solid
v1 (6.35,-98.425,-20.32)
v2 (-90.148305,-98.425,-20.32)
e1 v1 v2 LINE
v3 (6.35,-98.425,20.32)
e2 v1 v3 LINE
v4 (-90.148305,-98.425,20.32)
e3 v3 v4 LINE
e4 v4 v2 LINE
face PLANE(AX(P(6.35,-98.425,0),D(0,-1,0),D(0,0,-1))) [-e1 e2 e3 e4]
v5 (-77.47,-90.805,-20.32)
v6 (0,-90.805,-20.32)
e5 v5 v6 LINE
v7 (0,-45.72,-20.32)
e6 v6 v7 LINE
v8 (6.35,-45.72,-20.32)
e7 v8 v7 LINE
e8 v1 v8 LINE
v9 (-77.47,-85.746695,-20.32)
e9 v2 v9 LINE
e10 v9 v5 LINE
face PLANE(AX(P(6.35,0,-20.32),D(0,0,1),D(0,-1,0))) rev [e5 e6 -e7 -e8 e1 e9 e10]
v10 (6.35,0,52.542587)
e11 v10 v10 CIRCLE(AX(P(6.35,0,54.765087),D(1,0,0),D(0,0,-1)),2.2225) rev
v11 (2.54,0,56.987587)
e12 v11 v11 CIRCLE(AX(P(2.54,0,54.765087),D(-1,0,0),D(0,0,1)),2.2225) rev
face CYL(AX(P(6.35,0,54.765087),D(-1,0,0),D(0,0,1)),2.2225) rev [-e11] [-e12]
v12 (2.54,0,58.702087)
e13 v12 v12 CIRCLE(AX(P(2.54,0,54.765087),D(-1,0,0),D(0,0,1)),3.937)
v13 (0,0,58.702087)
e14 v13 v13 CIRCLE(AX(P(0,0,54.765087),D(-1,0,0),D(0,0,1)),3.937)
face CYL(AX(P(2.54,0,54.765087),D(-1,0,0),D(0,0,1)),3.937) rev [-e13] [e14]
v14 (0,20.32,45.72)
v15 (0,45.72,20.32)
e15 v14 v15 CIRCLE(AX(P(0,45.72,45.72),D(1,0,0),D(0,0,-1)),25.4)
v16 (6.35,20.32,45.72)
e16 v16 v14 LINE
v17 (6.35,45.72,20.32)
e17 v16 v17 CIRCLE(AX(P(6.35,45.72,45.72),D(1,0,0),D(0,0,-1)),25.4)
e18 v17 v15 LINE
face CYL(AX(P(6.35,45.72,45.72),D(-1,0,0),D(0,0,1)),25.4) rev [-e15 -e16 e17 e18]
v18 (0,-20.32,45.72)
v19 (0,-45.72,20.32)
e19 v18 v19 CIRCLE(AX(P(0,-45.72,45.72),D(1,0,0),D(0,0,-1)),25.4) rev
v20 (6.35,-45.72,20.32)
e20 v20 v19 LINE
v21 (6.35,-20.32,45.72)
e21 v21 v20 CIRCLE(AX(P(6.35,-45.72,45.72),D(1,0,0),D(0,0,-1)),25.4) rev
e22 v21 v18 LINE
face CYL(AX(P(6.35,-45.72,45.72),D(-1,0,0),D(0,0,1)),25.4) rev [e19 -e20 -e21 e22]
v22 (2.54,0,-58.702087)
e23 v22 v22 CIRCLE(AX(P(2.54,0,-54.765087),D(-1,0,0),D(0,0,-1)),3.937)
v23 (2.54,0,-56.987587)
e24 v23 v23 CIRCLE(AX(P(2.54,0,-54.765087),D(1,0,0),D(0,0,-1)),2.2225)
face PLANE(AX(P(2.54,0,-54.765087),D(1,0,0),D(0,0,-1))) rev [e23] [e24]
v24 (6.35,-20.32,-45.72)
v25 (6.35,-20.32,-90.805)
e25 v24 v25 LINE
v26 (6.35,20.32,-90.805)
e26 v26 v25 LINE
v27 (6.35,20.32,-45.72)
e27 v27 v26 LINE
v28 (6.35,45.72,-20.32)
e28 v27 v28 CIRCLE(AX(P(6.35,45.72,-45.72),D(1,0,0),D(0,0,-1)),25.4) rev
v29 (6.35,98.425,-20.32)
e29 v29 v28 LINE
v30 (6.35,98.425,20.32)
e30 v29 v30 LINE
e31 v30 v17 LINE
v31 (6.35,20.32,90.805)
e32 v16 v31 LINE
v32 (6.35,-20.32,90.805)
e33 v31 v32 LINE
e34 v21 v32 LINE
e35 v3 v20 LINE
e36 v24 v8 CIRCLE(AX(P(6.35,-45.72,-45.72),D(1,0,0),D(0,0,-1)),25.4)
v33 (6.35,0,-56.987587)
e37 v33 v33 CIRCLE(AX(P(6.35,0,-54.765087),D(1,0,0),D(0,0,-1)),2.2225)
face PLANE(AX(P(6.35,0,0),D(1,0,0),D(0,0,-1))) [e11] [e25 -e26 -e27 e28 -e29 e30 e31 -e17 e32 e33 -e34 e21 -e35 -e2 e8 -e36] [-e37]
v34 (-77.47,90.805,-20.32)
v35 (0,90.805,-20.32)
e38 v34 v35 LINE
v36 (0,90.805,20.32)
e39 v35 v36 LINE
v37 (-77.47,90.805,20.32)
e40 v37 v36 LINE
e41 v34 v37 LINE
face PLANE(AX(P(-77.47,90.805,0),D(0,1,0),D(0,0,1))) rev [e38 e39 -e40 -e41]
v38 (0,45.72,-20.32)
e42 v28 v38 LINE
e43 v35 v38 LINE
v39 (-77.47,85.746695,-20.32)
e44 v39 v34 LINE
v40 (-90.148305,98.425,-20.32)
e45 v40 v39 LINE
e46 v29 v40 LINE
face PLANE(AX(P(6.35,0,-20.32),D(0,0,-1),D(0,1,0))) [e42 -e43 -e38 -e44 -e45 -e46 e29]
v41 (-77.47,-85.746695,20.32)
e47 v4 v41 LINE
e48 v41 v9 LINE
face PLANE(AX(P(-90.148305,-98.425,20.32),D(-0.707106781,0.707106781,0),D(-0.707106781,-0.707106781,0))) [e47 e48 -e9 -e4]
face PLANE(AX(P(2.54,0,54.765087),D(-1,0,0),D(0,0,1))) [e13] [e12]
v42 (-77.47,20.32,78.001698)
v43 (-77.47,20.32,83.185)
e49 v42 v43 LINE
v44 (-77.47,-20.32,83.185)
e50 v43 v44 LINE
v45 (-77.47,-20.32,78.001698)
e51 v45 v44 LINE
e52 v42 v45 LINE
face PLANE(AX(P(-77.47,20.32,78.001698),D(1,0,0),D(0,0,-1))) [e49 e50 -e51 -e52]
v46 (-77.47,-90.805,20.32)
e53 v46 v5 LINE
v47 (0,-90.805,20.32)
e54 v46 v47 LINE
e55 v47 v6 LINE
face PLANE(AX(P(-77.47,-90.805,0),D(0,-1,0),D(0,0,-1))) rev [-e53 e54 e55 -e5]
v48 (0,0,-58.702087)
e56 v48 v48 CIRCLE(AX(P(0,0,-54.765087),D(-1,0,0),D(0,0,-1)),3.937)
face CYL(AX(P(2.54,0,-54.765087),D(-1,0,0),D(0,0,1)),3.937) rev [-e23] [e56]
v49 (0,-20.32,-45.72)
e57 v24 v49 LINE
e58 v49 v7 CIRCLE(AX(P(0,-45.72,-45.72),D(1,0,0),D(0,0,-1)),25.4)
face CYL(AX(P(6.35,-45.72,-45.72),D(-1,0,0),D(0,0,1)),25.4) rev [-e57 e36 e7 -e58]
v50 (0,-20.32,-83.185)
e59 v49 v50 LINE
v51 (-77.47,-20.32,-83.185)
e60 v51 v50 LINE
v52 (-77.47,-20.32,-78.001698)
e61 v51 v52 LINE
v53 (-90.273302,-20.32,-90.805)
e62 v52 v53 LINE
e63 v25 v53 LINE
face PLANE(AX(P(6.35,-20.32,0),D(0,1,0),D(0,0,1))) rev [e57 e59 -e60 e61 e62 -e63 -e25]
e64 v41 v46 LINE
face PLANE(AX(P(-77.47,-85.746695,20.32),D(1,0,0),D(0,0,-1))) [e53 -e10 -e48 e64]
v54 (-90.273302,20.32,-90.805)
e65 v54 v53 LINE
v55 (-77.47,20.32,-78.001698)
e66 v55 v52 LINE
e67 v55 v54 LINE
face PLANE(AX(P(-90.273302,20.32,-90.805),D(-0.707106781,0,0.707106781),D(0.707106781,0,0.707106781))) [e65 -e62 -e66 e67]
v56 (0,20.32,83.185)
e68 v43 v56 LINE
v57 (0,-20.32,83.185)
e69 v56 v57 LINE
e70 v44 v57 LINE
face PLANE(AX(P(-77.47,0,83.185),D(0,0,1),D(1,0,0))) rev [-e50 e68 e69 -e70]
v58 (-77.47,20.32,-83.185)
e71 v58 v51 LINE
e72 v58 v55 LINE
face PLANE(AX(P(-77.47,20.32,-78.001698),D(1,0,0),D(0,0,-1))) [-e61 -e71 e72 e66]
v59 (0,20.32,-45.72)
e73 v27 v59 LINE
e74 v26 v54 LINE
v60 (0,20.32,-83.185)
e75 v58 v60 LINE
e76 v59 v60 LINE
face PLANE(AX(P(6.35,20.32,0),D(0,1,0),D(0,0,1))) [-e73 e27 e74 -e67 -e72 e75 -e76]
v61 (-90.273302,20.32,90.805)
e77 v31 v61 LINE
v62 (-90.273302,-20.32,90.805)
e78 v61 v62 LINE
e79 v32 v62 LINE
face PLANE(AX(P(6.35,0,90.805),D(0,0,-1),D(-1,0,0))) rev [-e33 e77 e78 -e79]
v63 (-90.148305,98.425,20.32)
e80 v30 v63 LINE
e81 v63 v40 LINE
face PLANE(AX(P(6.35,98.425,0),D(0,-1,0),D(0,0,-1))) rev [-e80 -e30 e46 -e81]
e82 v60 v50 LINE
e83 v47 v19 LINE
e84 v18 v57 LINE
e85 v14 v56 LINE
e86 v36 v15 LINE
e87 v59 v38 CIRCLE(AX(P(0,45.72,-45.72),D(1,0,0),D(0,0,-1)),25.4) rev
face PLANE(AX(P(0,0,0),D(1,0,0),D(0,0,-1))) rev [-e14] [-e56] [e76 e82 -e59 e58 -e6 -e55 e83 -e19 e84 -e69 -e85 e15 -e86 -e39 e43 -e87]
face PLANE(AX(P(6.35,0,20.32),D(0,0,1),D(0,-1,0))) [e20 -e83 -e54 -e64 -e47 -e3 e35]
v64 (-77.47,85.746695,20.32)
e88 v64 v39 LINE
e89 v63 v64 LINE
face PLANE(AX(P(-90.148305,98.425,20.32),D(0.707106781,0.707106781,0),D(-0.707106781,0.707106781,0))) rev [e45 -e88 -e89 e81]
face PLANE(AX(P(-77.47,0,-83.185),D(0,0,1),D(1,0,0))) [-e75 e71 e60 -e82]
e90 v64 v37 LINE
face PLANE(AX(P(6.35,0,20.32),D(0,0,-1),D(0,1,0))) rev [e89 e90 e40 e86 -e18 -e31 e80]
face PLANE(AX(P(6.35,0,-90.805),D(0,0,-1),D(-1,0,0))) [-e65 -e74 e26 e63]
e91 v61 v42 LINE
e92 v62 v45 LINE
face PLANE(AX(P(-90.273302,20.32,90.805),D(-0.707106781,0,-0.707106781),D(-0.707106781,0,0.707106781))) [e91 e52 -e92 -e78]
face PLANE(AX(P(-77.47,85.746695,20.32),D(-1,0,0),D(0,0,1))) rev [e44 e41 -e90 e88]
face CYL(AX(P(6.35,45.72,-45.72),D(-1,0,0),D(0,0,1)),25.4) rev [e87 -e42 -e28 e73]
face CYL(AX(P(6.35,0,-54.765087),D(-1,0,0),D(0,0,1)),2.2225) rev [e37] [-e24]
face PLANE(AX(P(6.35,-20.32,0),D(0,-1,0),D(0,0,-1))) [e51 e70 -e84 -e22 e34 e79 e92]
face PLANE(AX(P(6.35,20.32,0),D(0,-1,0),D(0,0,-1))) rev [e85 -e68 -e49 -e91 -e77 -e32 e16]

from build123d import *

# Parameters (mm, degrees)
SKETCH2_R           = 2.2225
BOSS_EXTRUDE1_DEPTH = 6.35
SKETCH3_W           = 7.62
SKETCH3_H           = 40.64
SKETCH3_W_2         = 40.64
SKETCH3_H_2         = 7.62
BOSS_EXTRUDE2_DEPTH = 77.47
BOSS_EXTRUDE5_DEPTH = 40.64
BOSS_EXTRUDE6_DEPTH = 40.64
SKETCH8_R           = 3.937
CUT_EXTRUDE1_DEPTH  = 2.54


with BuildPart() as part:
    # Sketch2 → Boss-Extrude1 (new body)
    with BuildSketch(Plane(origin=(0, 0, 0), x_dir=(0, 0, -1), z_dir=(1, 0, 0))):
        with BuildLine():
            Line((-20.32, 98.425), (-20.32, 45.72))
            ThreePointArc((-20.32, 45.72), (-27.759487758, 27.759487758), (-45.72, 20.32))
            Line((-45.72, 20.32), (-90.805, 20.32))
            Line((-90.805, 20.32), (-90.805, -20.32))
            Line((-90.805, -20.32), (-45.72, -20.32))
            ThreePointArc((-45.72, -20.32), (-27.759487758, -27.759487758), (-20.32, -45.72))
            Line((-20.32, -45.72), (-20.32, -98.425))
            Line((-20.32, -98.425), (20.32, -98.425))
            Line((20.32, -98.425), (20.32, -45.72))
            ThreePointArc((20.32, -45.72), (27.759487758, -27.759487758), (45.72, -20.32))
            Line((45.72, -20.32), (90.805, -20.32))
            Line((90.805, -20.32), (90.805, 20.32))
            Line((90.805, 20.32), (45.72, 20.32))
            ThreePointArc((45.72, 20.32), (27.759487758, 27.759487758), (20.32, 45.72))
            Line((20.32, 45.72), (20.32, 98.425))
            Line((20.32, 98.425), (-20.32, 98.425))
        make_face()
        with Locations((54.765086962, 0)):
            Circle(SKETCH2_R, mode=Mode.SUBTRACT)
        with Locations((-54.765086962, 0)):
            Circle(SKETCH2_R, mode=Mode.SUBTRACT)
    extrude(amount=BOSS_EXTRUDE1_DEPTH)

    # Sketch3 → Boss-Extrude2 (add)
    with BuildSketch(Plane.ZY):
        with Locations((-86.995, 0)):
            Rectangle(SKETCH3_W, SKETCH3_H)
        with Locations((0, 94.615)):
            Rectangle(SKETCH3_W_2, SKETCH3_H_2)
        with Locations((86.995, 0)):
            Rectangle(SKETCH3_W, SKETCH3_H)
        with Locations((0, -94.615)):
            Rectangle(SKETCH3_W_2, SKETCH3_H_2)
    extrude(amount=BOSS_EXTRUDE2_DEPTH)

    # Sketch6 → Boss-Extrude5 (add)
    with BuildSketch(Plane(origin=(0, -20.32, 0), x_dir=(-1, 0, 0), z_dir=(0, -1, 0))):
        Polygon((77.47, 90.805), (90.273301898, 90.805), (77.47, 78.001698102), align=None)
        Polygon((90.273301898, -90.805), (77.47, -78.001698102), (77.47, -90.805), align=None)
    extrude(amount=-BOSS_EXTRUDE5_DEPTH)

    # Sketch7 → Boss-Extrude6 (add)
    with BuildSketch(Plane(origin=(0, 0, -20.32), x_dir=(-1, 0, 0), z_dir=(0, 0, -1))):
        Polygon((77.47, -98.425), (90.148305193, -98.425), (77.47, -85.746694807), align=None)
        Polygon((90.148305193, 98.425), (77.47, 85.746694807), (77.47, 98.425), align=None)
    extrude(amount=-BOSS_EXTRUDE6_DEPTH)

    # Sketch8 → Cut-Extrude1 (cut)
    with BuildSketch(Plane.ZY):
        with Locations((54.765086962, 0)):
            Circle(SKETCH8_R)
        with Locations(Location((-54.765086962, 0, 0), (0, 0, 180))):
            Circle(SKETCH8_R)
    extrude(amount=-CUT_EXTRUDE1_DEPTH, mode=Mode.SUBTRACT)


solid = part.part
